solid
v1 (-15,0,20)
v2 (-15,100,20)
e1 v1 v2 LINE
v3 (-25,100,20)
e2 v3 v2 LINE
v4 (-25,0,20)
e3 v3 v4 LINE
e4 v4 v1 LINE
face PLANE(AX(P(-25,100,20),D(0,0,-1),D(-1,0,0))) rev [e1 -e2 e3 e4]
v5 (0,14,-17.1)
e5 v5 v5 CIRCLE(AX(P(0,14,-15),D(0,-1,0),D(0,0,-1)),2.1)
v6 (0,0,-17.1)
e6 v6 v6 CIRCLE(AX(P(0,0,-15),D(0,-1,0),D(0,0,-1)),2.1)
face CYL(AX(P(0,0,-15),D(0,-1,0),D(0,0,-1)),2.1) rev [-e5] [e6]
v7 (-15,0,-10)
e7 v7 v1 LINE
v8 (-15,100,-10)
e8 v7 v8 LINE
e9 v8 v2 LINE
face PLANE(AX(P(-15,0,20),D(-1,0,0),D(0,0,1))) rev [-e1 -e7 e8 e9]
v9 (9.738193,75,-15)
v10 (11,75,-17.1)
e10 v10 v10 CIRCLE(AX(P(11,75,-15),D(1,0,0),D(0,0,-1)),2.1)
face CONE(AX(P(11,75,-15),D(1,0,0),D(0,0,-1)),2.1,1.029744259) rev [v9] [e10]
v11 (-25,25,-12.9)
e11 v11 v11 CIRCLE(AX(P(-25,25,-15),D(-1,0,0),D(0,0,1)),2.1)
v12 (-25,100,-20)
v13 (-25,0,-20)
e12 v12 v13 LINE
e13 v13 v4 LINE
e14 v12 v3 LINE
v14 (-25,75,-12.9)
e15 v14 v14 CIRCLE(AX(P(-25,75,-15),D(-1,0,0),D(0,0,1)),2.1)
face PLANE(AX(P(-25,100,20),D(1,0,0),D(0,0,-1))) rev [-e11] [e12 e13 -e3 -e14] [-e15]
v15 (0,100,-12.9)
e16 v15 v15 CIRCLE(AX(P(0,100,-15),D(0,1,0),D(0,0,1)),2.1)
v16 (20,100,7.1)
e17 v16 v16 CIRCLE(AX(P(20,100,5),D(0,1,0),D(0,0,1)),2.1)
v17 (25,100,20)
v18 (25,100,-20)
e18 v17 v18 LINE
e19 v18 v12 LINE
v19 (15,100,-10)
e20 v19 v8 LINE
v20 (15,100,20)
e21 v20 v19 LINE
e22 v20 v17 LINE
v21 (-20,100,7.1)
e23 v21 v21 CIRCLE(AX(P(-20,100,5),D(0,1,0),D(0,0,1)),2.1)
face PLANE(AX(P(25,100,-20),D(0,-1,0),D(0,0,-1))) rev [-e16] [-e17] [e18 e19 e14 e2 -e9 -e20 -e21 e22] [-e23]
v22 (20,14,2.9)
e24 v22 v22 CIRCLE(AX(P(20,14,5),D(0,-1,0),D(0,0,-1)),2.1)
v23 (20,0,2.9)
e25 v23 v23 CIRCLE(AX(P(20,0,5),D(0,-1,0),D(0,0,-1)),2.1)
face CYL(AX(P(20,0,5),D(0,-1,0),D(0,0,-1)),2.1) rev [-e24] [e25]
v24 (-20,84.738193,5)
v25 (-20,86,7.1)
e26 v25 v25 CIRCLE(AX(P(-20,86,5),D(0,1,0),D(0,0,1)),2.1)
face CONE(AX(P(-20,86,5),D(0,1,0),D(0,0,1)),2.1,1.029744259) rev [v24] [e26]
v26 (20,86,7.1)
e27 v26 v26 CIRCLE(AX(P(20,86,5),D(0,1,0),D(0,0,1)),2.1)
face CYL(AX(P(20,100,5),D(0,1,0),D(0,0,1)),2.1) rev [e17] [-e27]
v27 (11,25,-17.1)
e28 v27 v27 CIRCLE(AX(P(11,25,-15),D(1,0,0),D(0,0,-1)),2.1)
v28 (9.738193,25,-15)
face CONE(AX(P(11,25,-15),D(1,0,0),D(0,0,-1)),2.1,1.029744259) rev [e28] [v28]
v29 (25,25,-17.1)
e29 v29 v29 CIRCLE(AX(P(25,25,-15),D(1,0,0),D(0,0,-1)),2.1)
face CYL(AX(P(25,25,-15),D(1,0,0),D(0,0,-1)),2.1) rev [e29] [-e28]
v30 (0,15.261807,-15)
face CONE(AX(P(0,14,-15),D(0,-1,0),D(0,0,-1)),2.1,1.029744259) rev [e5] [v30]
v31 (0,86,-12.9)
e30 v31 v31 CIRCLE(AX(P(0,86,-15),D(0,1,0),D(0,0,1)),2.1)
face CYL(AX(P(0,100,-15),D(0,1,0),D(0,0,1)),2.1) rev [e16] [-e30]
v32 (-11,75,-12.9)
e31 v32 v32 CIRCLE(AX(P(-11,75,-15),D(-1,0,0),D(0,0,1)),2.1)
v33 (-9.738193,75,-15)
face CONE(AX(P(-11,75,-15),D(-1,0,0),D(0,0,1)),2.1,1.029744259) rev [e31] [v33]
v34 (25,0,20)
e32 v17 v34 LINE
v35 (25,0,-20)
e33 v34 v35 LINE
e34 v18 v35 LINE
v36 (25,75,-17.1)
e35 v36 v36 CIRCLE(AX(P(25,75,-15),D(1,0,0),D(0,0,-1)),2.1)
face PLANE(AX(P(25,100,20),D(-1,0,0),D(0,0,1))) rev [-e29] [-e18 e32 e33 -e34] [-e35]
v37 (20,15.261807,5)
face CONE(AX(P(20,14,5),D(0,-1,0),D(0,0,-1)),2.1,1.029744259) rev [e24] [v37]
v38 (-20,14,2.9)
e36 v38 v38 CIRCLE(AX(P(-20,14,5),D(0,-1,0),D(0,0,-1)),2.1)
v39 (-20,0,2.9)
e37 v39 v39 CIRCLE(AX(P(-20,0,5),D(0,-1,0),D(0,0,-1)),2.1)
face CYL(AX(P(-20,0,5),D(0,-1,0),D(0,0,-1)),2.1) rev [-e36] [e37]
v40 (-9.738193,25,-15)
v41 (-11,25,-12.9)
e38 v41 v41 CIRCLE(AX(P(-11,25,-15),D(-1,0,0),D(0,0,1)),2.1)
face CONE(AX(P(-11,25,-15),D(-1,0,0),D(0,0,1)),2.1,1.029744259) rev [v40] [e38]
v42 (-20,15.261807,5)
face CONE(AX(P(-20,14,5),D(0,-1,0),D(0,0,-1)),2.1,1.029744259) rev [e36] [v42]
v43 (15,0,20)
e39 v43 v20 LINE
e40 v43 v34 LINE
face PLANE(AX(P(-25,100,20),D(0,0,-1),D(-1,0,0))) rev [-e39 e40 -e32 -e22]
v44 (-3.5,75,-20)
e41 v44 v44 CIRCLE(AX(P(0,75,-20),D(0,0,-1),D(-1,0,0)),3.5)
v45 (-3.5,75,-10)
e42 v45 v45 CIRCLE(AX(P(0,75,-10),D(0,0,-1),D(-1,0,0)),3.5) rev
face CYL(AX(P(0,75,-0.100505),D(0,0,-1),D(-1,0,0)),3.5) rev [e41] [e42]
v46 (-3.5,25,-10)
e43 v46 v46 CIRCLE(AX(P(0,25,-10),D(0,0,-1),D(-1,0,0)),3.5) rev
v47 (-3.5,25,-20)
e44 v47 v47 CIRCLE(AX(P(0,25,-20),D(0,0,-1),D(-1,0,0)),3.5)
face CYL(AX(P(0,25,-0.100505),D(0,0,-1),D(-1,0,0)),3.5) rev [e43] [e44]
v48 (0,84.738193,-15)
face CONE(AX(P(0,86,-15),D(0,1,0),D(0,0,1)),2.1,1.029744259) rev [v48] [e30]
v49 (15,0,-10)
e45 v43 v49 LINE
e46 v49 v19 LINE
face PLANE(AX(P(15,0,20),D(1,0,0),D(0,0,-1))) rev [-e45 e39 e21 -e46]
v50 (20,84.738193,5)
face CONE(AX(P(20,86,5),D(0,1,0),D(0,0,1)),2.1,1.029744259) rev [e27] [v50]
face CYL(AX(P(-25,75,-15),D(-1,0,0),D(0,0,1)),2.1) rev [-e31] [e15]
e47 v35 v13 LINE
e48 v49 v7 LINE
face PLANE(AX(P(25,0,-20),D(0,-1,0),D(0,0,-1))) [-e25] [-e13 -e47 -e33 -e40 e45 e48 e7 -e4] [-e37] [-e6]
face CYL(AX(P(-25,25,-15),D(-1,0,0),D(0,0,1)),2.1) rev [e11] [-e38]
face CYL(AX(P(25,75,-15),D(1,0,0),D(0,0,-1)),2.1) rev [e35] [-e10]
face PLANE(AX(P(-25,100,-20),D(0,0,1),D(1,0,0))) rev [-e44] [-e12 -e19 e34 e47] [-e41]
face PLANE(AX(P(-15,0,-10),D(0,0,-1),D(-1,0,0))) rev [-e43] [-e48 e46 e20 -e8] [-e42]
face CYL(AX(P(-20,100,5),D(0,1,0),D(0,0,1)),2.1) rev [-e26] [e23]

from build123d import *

# Parameters (mm, degrees)
SKETCH1_W                 = 50
SKETCH1_H                 = 40
BOSS_EXTRUDE1_DEPTH       = 100
SKETCH2_W                 = 30
SKETCH2_H                 = 30
CUT_EXTRUDE1_DEPTH        = 100
SKETCH3_R                 = 3.5
CUT_EXTRUDE2_DEPTH        = 10
M5X0_8_TAPPED_HOLE1_D     = 4.2
M5X0_8_TAPPED_HOLE1_DEPTH = 14
M5X0_8_TAPPED_HOLE1_TIP   = 1.2618073
M5X0_8_TAPPED_HOLE2_D     = 4.2
M5X0_8_TAPPED_HOLE2_DEPTH = 14
M5X0_8_TAPPED_HOLE2_TIP   = 1.2618073
M5X0_8_TAPPED_HOLE3_D     = 4.2
M5X0_8_TAPPED_HOLE3_DEPTH = 14
M5X0_8_TAPPED_HOLE3_TIP   = 1.2618073
M5X0_8_TAPPED_HOLE4_D     = 4.2
M5X0_8_TAPPED_HOLE4_DEPTH = 14
M5X0_8_TAPPED_HOLE4_TIP   = 1.2618073


with BuildPart() as part:
    # Sketch1 → Boss-Extrude1 (new body)
    with BuildSketch(Plane(origin=(0, 0, 0), x_dir=(1, 0, 0), z_dir=(0, 1, 0))):
        Rectangle(SKETCH1_W, SKETCH1_H)
    extrude(amount=BOSS_EXTRUDE1_DEPTH)

    # Sketch2 → Cut-Extrude1 (cut)
    with BuildSketch(Plane(origin=(0, 100, 0), x_dir=(1, 0, 0), z_dir=(0, 1, 0))):
        with Locations((0, -5)):
            Rectangle(SKETCH2_W, SKETCH2_H)
    extrude(amount=-CUT_EXTRUDE1_DEPTH, mode=Mode.SUBTRACT)

    # Sketch3 → Cut-Extrude2 (cut)
    with BuildSketch(Plane(origin=(0, 0, -20), x_dir=(-1, 0, 0), z_dir=(0, 0, -1))):
        with Locations((0, 25)):
            Circle(SKETCH3_R)
        with Locations((0, 75)):
            Circle(SKETCH3_R)
    extrude(amount=-CUT_EXTRUDE2_DEPTH, mode=Mode.SUBTRACT)

    # M5x0.8 Tapped Hole1
    with Locations(Plane.XZ):
        with Locations((0, -15), (-20, 5), (20, 5)):
            Hole(M5X0_8_TAPPED_HOLE1_D / 2, depth=M5X0_8_TAPPED_HOLE1_DEPTH)
            with Locations((0, 0, -(M5X0_8_TAPPED_HOLE1_DEPTH + M5X0_8_TAPPED_HOLE1_TIP / 2))):  # 118° drill point
                Cone(0, M5X0_8_TAPPED_HOLE1_D / 2, M5X0_8_TAPPED_HOLE1_TIP, mode=Mode.SUBTRACT)

    # M5x0.8 Tapped Hole2
    with Locations(Plane(origin=(0, 100, 0), x_dir=(-1, 0, 0), z_dir=(0, 1, 0))):
        with Locations((20, 5), (-20, 5), (0, -15)):
            Hole(M5X0_8_TAPPED_HOLE2_D / 2, depth=M5X0_8_TAPPED_HOLE2_DEPTH)
            with Locations((0, 0, -(M5X0_8_TAPPED_HOLE2_DEPTH + M5X0_8_TAPPED_HOLE2_TIP / 2))):  # 118° drill point
                Cone(0, M5X0_8_TAPPED_HOLE2_D / 2, M5X0_8_TAPPED_HOLE2_TIP, mode=Mode.SUBTRACT)

    # M5x0.8 Tapped Hole3
    with Locations(Plane(origin=(25, 0, 0), x_dir=(0, 0, -1), z_dir=(1, 0, 0))):
        with Locations((15, 75), (15, 25)):
            Hole(M5X0_8_TAPPED_HOLE3_D / 2, depth=M5X0_8_TAPPED_HOLE3_DEPTH)
            with Locations((0, 0, -(M5X0_8_TAPPED_HOLE3_DEPTH + M5X0_8_TAPPED_HOLE3_TIP / 2))):  # 118° drill point
                Cone(0, M5X0_8_TAPPED_HOLE3_D / 2, M5X0_8_TAPPED_HOLE3_TIP, mode=Mode.SUBTRACT)

    # M5x0.8 Tapped Hole4
    with Locations(Plane.ZY.offset(25)):
        with Locations((-15, 75), (-15, 25)):
            Hole(M5X0_8_TAPPED_HOLE4_D / 2, depth=M5X0_8_TAPPED_HOLE4_DEPTH)
            with Locations((0, 0, -(M5X0_8_TAPPED_HOLE4_DEPTH + M5X0_8_TAPPED_HOLE4_TIP / 2))):  # 118° drill point
                Cone(0, M5X0_8_TAPPED_HOLE4_D / 2, M5X0_8_TAPPED_HOLE4_TIP, mode=Mode.SUBTRACT)


solid = part.part
